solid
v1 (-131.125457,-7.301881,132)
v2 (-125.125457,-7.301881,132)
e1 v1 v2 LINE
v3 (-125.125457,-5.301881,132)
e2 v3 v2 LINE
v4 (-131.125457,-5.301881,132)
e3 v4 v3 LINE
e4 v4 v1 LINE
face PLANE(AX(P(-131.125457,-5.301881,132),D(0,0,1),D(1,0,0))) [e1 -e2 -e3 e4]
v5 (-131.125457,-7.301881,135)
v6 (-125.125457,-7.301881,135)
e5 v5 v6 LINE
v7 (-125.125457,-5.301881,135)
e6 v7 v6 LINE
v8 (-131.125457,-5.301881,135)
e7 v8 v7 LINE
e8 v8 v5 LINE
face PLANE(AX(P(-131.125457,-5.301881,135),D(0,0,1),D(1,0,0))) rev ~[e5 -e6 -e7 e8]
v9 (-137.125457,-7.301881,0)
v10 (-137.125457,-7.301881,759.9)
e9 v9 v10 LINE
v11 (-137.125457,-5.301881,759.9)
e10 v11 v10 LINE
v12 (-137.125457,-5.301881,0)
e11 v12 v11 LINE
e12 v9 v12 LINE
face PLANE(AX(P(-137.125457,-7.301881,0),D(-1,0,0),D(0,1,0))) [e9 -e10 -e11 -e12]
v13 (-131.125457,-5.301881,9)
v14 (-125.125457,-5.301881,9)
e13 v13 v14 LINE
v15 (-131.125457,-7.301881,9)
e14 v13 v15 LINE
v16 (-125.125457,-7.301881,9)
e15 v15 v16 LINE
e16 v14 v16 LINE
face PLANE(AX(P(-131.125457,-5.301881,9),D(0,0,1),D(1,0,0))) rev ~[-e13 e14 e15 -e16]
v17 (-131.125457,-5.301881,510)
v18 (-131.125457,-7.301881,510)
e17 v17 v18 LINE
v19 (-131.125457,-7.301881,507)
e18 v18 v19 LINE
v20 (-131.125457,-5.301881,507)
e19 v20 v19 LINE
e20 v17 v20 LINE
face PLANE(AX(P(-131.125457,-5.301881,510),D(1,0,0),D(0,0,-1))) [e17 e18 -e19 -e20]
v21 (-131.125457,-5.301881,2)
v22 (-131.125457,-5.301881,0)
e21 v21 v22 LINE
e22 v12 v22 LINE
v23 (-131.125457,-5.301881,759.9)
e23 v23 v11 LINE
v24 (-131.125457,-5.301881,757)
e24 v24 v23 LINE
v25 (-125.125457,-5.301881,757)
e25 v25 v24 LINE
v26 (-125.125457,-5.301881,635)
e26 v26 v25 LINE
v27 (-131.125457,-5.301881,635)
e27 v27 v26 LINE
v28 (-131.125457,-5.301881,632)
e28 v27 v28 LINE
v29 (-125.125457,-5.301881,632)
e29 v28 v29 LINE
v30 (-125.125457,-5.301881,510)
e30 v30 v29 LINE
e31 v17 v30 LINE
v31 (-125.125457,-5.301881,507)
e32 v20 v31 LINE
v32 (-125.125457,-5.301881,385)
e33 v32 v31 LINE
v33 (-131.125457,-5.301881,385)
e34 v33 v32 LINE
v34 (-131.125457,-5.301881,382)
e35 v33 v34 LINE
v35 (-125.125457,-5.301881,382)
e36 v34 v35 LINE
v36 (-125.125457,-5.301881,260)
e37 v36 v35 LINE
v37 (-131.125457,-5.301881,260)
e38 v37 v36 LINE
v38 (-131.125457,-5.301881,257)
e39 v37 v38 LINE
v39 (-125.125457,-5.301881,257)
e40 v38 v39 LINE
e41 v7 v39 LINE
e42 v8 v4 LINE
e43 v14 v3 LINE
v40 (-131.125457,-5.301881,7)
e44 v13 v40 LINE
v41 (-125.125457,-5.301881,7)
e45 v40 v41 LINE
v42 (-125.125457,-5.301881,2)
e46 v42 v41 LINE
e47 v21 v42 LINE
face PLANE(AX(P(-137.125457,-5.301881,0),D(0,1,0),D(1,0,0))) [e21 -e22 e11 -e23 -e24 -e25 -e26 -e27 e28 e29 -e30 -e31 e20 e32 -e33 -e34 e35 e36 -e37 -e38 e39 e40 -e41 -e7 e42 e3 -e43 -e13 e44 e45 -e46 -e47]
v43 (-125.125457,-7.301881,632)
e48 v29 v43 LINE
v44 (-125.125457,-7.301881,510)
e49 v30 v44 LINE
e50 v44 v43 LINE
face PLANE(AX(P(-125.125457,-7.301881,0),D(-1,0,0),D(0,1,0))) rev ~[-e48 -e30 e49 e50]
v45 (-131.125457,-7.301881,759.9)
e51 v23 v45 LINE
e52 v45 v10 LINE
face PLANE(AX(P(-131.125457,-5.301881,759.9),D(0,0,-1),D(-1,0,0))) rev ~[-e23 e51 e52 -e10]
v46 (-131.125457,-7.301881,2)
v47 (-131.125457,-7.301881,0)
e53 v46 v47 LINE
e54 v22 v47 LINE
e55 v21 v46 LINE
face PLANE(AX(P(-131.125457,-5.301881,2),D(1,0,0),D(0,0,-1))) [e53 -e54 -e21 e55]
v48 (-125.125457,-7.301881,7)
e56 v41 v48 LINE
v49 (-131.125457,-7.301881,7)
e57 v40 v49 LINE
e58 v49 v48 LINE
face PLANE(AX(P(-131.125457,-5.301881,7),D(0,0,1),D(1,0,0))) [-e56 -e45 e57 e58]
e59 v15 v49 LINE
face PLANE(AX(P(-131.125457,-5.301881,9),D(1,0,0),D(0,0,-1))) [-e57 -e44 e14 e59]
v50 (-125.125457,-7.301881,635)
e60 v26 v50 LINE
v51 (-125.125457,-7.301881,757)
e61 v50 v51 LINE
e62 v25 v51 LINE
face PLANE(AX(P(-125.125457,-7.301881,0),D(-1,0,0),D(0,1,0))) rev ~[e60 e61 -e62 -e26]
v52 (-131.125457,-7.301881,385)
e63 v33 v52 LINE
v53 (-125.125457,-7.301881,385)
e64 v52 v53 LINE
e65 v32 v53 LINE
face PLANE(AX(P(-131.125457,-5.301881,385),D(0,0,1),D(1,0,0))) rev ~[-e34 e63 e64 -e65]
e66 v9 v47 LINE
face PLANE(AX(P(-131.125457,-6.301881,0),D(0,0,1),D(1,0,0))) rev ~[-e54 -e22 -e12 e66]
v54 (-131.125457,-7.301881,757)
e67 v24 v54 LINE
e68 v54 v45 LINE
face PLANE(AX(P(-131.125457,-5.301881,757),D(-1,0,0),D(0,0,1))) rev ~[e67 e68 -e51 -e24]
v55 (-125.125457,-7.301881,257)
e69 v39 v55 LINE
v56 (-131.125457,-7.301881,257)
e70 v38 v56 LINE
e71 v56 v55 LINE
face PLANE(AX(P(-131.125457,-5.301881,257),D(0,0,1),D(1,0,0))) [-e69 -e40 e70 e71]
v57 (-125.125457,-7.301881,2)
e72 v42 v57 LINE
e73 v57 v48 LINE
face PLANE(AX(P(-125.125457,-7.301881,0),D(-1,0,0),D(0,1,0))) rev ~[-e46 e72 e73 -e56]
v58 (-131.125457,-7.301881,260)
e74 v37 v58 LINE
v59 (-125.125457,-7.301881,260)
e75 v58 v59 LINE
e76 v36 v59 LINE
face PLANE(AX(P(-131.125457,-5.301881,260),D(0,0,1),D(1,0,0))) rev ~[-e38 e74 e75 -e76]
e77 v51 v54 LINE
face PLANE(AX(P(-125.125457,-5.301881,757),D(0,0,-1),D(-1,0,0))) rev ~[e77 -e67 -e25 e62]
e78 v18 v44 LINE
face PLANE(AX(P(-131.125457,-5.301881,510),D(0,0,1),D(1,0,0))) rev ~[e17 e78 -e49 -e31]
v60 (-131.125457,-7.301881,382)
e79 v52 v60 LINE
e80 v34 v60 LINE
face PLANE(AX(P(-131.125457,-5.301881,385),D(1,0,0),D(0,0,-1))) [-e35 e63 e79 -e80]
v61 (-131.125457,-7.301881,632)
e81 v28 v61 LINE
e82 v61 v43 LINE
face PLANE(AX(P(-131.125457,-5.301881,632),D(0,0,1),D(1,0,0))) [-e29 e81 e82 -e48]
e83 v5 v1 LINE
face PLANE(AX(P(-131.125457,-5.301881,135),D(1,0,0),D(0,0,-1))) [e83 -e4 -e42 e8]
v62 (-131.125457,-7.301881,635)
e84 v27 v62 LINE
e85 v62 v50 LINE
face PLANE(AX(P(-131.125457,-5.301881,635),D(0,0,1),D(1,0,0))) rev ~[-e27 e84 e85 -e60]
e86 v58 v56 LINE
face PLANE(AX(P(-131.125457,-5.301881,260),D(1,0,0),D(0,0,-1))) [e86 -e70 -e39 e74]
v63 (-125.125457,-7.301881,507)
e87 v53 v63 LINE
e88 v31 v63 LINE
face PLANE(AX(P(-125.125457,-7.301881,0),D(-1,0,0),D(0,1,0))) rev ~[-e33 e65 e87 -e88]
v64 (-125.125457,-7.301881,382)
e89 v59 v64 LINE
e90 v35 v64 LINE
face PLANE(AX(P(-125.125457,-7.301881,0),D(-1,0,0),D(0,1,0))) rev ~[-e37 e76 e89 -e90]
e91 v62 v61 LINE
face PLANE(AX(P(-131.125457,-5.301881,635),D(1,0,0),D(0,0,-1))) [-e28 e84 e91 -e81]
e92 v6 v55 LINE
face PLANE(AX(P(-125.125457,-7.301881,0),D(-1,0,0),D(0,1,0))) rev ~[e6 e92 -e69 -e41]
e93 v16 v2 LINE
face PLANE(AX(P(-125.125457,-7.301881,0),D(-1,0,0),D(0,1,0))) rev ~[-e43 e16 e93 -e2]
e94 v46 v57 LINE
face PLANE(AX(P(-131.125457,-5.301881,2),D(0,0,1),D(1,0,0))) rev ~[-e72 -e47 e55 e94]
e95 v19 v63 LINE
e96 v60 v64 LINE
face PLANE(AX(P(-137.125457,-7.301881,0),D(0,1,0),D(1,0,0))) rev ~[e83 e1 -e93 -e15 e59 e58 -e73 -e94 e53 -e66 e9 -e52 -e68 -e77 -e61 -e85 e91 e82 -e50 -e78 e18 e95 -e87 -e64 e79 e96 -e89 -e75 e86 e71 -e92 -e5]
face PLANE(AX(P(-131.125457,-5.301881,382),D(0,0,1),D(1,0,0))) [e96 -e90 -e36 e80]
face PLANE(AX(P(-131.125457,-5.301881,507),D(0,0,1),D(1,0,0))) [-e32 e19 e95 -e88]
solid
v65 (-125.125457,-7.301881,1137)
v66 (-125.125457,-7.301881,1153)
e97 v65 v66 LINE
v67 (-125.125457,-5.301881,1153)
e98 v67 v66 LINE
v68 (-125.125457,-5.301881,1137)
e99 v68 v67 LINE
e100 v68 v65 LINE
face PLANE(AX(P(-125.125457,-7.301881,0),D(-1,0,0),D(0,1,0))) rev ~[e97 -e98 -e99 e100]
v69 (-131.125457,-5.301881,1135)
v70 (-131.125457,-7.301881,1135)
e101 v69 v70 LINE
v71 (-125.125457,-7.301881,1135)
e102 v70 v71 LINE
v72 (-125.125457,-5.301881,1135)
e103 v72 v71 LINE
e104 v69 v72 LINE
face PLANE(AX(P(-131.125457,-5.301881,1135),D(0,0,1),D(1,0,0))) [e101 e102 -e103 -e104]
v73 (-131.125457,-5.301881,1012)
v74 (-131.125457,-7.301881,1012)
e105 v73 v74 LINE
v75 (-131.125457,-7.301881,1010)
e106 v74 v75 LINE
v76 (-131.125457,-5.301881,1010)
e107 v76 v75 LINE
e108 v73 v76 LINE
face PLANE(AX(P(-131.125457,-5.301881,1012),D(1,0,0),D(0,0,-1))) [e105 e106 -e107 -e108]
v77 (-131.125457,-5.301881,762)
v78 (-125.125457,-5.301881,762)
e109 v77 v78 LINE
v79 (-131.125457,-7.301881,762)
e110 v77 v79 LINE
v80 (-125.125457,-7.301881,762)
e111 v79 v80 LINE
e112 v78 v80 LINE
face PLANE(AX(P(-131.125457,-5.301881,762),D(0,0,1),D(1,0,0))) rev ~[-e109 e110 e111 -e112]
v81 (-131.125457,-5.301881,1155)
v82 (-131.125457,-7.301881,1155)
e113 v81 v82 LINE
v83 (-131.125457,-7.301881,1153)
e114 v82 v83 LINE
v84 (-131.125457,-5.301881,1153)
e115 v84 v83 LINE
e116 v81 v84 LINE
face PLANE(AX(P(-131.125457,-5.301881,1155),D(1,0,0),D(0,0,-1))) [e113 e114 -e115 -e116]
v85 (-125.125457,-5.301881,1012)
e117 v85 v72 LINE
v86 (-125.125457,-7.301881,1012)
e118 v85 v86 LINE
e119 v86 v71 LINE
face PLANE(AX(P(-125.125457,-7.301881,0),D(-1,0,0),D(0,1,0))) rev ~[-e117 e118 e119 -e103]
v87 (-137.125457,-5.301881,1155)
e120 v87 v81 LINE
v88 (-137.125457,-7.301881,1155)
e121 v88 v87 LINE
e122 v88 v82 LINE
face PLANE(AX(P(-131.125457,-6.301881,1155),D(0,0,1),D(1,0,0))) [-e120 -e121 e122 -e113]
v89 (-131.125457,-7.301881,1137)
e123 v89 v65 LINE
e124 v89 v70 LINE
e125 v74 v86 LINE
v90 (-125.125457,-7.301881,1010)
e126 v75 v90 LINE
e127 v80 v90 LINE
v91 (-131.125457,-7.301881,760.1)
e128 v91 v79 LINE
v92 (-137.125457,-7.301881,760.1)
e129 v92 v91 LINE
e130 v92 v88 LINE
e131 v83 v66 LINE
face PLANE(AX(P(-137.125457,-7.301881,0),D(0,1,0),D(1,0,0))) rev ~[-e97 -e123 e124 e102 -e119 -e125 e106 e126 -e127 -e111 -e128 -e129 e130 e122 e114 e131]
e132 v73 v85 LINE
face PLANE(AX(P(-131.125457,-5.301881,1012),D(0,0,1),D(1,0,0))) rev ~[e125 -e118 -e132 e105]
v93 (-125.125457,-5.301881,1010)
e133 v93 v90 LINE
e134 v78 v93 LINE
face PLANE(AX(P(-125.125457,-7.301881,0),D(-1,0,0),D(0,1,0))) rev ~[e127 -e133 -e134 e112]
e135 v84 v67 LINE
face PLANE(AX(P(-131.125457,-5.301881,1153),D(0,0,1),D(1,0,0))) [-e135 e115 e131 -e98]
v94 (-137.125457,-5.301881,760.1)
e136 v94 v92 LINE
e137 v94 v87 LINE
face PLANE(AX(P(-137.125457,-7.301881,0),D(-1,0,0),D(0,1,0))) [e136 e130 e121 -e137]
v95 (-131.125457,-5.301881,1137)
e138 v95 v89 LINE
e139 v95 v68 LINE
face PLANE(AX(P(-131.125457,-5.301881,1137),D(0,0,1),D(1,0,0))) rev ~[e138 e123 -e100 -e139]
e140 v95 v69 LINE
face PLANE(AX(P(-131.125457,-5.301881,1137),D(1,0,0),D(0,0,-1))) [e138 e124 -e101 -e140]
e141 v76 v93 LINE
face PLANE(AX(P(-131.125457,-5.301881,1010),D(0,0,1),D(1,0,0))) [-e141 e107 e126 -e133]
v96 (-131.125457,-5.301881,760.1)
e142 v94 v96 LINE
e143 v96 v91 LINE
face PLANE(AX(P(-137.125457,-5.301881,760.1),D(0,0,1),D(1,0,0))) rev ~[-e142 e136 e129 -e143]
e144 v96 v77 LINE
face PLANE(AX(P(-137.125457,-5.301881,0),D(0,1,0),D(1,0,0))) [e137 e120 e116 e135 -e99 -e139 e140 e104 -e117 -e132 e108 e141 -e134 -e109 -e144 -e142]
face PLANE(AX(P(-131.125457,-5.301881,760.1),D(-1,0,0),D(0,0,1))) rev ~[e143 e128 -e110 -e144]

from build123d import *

# Parameters (mm, degrees)
SKETCH_1_W          = 12
SKETCH_1_H          = 2
EXTRUDE_1_DEPTH     = 1155
SKETCH_3_W          = 6
SKETCH_3_H          = 2
SKETCH_3_H_2        = 3
CUT_EXTRUDE_1_DEPTH = 1164.113232196


with BuildPart() as part:
    # 草图1 → 凸台-拉伸1 (new body)
    with BuildSketch(Plane.XY):
        with Locations((-131.125456821, -6.301880905)):
            Rectangle(SKETCH_1_W, SKETCH_1_H)
    extrude(amount=EXTRUDE_1_DEPTH)

    # 草图3 → 切除-拉伸1 (cut, through all)
    with BuildSketch(Plane(origin=(0, -5.301880905, 0), x_dir=(1, 0, 0), z_dir=(0, 1, 0))):
        with Locations((-128.125456821, -1)):
            Rectangle(SKETCH_3_W, SKETCH_3_H)
        with Locations((-128.125456821, -8)):
            Rectangle(SKETCH_3_W, SKETCH_3_H)
        with Locations((-128.125456821, -258.5)):
            Rectangle(SKETCH_3_W, SKETCH_3_H_2)
        with Locations((-128.125456821, -133.5)):
            Rectangle(SKETCH_3_W, SKETCH_3_H_2)
        with Locations((-128.125456821, -383.5)):
            Rectangle(SKETCH_3_W, SKETCH_3_H_2)
        with Locations((-128.125456821, -508.5)):
            Rectangle(SKETCH_3_W, SKETCH_3_H_2)
        with Locations((-128.125456821, -633.5)):
            Rectangle(SKETCH_3_W, SKETCH_3_H_2)
        Polygon((-125.125456821, -760), (-125.125456821, -757), (-131.125456821, -757), (-131.125456821, -759.9), (-137.125456821, -759.9), (-137.125456821, -760.1), (-131.125456821, -760.1), (-131.125456821, -762), (-125.125456821, -762), align=None)
        with Locations((-128.125456821, -1011)):
            Rectangle(SKETCH_3_W, SKETCH_3_H)
        with Locations((-128.125456821, -1136)):
            Rectangle(SKETCH_3_W, SKETCH_3_H)
        with Locations((-128.125456821, -1154)):
            Rectangle(SKETCH_3_W, SKETCH_3_H)
    extrude(amount=-CUT_EXTRUDE_1_DEPTH, mode=Mode.SUBTRACT)


with BuildPart() as cut_extrude_1_piece_1:
    # of the separate pieces the step leaves, piece 1, a body of its own (cut_extrude_1_pieces)
    add(part.part.solids().sort_by_distance((-137.125456821, -5.301880905, 0))[0])


with BuildPart() as cut_extrude_1_piece_2:
    # of the separate pieces the step leaves, piece 2, a body of its own (cut_extrude_1_pieces)
    add(part.part.solids().sort_by_distance((-137.125456821, -5.301880905, 760.1))[0])


solid = Compound([cut_extrude_1_piece_1.part, cut_extrude_1_piece_2.part])
